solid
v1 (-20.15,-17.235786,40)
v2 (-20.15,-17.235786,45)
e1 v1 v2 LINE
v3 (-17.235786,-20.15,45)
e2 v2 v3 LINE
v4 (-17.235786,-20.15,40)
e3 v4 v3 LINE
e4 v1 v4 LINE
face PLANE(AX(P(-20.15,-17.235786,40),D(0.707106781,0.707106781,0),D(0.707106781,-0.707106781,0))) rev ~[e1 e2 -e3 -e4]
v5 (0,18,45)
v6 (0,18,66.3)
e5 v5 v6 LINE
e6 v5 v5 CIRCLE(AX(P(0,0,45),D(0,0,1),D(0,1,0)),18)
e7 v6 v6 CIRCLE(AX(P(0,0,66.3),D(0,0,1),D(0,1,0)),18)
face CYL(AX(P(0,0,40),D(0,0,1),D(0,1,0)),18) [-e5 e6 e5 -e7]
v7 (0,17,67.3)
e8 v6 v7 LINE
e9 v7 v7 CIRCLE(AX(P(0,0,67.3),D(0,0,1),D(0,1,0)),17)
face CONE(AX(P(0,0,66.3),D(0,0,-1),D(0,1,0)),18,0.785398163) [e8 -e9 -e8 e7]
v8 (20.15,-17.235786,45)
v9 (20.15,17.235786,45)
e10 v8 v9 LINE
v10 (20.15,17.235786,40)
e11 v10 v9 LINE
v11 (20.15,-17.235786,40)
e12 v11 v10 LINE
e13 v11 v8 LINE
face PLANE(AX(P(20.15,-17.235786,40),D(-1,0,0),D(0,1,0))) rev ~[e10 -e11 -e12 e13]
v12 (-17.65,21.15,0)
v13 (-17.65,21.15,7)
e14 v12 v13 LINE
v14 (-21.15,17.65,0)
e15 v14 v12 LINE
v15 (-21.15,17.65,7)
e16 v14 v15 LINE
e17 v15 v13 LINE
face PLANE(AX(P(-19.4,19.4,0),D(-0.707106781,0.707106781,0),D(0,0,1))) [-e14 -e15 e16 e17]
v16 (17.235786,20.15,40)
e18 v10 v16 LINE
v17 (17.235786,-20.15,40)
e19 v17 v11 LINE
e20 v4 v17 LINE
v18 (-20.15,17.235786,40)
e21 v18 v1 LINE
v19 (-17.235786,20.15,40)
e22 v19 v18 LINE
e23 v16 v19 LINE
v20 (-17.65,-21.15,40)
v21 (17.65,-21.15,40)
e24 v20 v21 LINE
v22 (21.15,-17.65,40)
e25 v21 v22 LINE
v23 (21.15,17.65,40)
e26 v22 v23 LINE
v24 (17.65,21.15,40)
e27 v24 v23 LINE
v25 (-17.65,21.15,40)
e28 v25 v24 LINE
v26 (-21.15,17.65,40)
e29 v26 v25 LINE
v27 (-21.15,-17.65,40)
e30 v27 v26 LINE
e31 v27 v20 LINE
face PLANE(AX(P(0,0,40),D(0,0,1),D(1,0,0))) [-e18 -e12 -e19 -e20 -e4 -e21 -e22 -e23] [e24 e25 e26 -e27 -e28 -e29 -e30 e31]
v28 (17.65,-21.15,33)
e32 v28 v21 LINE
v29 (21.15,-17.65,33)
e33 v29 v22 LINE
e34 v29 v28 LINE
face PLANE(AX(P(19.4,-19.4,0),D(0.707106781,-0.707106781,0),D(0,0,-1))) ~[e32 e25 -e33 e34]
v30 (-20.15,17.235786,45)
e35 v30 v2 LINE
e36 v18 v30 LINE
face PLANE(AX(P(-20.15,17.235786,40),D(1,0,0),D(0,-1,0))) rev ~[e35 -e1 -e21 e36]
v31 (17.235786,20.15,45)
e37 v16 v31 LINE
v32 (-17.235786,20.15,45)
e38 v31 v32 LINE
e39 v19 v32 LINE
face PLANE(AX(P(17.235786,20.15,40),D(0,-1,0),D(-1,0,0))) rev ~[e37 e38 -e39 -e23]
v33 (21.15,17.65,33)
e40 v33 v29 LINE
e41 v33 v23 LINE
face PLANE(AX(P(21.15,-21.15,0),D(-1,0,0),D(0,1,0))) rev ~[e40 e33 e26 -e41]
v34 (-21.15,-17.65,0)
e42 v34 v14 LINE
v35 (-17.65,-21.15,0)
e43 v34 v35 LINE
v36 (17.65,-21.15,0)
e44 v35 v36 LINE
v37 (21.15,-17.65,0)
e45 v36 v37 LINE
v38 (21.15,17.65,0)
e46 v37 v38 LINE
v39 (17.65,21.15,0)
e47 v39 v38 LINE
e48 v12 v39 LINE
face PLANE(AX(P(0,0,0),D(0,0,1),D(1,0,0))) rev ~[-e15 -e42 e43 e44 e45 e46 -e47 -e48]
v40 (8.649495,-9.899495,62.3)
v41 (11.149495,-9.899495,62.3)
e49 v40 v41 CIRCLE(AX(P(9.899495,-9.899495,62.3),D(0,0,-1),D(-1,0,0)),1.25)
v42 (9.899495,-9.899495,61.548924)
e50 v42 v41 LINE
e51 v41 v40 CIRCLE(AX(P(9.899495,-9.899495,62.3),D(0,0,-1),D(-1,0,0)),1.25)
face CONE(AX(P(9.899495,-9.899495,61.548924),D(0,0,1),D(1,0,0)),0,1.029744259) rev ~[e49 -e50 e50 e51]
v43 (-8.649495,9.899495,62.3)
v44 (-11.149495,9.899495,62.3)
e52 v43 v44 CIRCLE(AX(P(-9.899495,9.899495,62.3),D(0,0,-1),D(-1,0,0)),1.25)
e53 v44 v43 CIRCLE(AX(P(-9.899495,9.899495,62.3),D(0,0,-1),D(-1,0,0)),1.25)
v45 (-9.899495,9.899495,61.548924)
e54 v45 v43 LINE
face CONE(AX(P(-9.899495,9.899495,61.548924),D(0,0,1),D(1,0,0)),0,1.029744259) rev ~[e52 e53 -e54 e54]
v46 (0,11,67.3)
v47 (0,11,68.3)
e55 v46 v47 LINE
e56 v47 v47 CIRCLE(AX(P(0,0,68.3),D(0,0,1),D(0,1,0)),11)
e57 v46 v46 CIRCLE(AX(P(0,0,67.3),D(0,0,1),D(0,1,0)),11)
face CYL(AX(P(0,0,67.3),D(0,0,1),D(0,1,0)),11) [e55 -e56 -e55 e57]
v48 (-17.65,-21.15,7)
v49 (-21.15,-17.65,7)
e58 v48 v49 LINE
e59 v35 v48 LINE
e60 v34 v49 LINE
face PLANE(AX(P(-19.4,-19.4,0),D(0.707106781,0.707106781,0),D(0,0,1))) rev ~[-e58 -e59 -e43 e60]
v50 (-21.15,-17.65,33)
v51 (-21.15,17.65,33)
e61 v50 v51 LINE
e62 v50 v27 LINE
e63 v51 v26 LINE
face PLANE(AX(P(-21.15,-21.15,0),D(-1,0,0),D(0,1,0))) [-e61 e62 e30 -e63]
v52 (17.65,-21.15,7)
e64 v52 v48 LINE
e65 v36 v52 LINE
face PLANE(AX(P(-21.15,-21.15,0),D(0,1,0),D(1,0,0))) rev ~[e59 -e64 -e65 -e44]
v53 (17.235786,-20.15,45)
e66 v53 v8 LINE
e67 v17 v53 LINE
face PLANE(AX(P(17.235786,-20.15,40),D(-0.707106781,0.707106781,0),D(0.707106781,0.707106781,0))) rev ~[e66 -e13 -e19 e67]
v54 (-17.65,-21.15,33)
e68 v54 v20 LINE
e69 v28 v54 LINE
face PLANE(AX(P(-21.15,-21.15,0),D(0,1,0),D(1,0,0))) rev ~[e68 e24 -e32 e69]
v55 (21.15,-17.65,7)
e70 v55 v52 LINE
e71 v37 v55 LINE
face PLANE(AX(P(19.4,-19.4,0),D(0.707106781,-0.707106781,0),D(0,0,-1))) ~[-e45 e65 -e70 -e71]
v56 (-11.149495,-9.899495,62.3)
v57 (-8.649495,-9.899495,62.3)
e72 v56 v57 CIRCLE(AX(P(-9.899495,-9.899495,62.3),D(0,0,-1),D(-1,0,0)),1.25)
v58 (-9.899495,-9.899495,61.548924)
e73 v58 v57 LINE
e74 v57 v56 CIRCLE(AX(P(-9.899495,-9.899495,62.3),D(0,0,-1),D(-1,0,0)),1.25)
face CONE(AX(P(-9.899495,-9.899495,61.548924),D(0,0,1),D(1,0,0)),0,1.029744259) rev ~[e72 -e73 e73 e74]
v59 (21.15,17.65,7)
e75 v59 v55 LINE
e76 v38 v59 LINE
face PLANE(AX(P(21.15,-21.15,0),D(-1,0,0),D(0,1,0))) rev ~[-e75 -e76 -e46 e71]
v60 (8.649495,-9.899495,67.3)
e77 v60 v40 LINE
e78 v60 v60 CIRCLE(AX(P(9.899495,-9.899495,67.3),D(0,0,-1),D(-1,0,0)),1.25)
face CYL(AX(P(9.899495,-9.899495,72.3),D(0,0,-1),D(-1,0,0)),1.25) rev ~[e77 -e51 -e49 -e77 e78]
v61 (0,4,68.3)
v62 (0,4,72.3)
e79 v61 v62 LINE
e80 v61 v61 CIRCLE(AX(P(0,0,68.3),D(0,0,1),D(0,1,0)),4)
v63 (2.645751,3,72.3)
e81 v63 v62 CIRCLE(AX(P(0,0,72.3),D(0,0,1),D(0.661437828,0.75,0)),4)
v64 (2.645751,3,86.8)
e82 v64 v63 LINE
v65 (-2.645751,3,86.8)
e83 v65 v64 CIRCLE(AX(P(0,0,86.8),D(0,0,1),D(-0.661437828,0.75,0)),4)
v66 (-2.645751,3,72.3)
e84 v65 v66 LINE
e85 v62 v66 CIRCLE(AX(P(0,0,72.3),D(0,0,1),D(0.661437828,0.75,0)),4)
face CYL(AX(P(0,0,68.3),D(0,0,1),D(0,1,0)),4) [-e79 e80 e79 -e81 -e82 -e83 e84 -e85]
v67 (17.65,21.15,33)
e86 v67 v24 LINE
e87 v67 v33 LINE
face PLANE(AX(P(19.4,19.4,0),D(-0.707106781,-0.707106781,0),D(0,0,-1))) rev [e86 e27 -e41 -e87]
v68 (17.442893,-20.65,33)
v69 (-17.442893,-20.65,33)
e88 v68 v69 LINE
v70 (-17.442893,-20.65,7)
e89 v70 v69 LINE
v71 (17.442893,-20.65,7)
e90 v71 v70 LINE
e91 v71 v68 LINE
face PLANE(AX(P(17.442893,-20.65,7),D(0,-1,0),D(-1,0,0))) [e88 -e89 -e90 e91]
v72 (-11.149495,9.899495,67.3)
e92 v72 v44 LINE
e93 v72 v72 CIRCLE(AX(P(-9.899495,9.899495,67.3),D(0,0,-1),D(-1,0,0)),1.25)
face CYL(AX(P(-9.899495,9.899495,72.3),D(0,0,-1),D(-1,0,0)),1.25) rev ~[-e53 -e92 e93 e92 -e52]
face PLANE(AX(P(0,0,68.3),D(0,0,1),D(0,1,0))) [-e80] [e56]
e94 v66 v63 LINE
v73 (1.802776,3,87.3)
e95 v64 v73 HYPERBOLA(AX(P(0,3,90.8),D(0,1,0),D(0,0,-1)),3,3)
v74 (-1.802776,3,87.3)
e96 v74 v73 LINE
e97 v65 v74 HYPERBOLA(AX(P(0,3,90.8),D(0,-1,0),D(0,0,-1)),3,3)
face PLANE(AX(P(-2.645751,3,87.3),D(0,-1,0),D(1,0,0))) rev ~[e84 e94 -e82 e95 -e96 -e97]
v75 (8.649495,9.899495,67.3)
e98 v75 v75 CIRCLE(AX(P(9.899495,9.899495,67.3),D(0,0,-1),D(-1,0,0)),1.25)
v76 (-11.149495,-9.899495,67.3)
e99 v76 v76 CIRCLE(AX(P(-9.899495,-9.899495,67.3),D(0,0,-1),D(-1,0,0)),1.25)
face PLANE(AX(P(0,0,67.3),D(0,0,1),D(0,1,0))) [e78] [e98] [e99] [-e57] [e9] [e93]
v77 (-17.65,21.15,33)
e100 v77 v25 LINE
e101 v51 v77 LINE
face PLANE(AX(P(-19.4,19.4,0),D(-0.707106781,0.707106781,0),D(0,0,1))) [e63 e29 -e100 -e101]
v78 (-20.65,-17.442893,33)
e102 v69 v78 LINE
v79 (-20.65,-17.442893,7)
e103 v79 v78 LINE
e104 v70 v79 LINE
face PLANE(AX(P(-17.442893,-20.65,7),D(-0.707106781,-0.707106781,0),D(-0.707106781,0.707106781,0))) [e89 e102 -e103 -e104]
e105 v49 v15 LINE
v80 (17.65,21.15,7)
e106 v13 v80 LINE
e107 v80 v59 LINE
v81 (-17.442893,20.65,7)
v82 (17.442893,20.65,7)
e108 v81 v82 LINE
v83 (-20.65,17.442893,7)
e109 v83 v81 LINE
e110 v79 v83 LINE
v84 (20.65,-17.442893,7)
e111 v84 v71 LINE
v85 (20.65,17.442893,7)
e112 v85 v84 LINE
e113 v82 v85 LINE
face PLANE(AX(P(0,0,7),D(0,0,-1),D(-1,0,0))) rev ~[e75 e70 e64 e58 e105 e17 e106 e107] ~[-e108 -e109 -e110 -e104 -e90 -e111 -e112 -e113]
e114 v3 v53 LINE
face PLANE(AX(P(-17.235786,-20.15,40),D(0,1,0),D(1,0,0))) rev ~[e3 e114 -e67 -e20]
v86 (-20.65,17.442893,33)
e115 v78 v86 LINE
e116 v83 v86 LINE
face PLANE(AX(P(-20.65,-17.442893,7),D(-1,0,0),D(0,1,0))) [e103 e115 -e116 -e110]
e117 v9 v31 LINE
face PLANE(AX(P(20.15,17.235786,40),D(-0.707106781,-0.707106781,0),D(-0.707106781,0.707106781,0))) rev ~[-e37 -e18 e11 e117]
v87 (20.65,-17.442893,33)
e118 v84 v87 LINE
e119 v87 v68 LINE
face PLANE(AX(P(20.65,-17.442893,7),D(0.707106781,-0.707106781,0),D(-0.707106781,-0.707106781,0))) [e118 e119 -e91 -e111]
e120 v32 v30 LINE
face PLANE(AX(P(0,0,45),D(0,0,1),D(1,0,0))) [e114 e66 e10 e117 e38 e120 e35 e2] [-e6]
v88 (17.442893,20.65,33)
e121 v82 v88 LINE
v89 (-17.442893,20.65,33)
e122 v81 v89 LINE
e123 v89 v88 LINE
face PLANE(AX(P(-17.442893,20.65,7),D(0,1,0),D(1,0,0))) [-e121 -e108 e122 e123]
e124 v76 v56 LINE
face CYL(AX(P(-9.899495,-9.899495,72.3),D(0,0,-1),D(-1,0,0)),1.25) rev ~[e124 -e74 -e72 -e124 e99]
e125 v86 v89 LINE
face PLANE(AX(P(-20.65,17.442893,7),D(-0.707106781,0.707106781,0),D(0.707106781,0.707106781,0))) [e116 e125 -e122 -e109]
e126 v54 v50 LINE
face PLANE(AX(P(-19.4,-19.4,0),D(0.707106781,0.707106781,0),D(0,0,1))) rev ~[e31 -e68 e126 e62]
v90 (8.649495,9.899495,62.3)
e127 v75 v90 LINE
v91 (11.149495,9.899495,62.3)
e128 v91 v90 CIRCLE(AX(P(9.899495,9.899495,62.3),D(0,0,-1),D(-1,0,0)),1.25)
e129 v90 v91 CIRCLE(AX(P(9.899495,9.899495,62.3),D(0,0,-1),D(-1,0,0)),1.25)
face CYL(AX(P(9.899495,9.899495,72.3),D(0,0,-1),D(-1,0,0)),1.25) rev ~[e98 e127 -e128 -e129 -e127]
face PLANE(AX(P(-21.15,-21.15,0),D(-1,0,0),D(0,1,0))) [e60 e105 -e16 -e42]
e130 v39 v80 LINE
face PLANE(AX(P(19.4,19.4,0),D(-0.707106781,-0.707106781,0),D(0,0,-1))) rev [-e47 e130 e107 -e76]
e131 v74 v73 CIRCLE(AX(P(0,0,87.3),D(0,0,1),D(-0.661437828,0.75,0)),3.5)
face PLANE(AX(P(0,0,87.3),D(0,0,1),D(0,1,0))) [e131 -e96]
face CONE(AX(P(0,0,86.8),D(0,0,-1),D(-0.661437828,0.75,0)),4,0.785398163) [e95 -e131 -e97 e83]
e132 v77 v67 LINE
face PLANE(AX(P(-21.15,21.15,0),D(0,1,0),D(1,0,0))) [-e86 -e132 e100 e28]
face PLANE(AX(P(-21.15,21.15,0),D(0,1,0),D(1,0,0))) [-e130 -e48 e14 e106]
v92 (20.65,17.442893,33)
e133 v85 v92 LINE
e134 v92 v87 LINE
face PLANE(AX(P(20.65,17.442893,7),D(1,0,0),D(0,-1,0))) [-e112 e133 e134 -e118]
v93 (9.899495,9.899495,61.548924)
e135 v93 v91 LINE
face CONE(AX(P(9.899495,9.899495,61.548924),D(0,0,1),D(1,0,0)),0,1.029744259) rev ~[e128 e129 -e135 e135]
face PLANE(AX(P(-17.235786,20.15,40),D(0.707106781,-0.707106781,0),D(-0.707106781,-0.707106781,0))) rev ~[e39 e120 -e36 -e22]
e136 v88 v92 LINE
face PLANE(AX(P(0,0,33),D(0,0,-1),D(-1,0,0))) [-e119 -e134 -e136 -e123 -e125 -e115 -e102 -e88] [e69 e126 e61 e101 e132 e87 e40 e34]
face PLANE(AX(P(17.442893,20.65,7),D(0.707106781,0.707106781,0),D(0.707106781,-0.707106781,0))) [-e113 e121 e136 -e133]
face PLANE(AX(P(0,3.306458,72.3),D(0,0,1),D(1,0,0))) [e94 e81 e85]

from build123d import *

# Parameters (mm, degrees)
SKIZZE1_W                       = 42.3
SKIZZE1_H                       = 42.3
AUFSATZ_LINEAR_AUSTRAGEN1_DEPTH = 40
FASE1_SIZE                      = 3.5
SCHNITT_LINEAR_AUSTRAGEN1_DEPTH = 15
FASE2_SIZE                      = 0.5
AUFSATZ_LINEAR_AUSTRAGEN2_DEPTH = 5
M3_GEWINDEBOHRUNG1_D            = 2.5
M3_GEWINDEBOHRUNG1_DEPTH        = 5
M3_GEWINDEBOHRUNG1_TIP          = 0.751075774
FASE3_SIZE                      = 1
SCHNITT_LINEAR_START            = -7
SCHNITT_LINEAR_AUSTRAGEN2_DEPTH = 26


with BuildPart() as part:
    # Skizze1 → Aufsatz-Linear austragen1 (new body)
    with BuildSketch(Plane.XY):
        Rectangle(SKIZZE1_W, SKIZZE1_H)
    extrude(amount=AUFSATZ_LINEAR_AUSTRAGEN1_DEPTH)

    # Skizze3 → Rotation1 (revolve)
    with BuildSketch(Plane(origin=(0, 0, 0), x_dir=(0, 0, -1), z_dir=(1, 0, 0))):
        Polygon((-40, 18), (-67.3, 18), (-67.3, 11), (-68.3, 11), (-68.3, 4), (-87.3, 4), (-87.3, 0), (-40, 0), align=None)
    revolve(axis=Axis((0, 0, 0), (0, 0, 1)))

    # Fase1
    fase1_edges = [part.edges().sort_by_distance(p)[0] for p in [
        (-21.15, 21.15, 20),
        (21.15, 21.15, 20),
        (21.15, -21.15, 20),
        (-21.15, -21.15, 20),
    ]]
    chamfer(fase1_edges, length=FASE1_SIZE)

    # Skizze4 → Schnitt-Linear austragen1 (cut)
    with BuildSketch(Plane.XY.offset(87.3)):
        with BuildLine():
            Line((-2.645751311, 3), (2.645751311, 3))
            ThreePointArc((2.645751311, 3), (0, 4), (-2.645751311, 3))
        make_face()
    extrude(amount=-SCHNITT_LINEAR_AUSTRAGEN1_DEPTH, mode=Mode.SUBTRACT)

    # Fase2
    fase2_edges = [part.edges().sort_by_distance(p)[0] for p in [
        (0, -4, 87.3),
    ]]
    chamfer(fase2_edges, length=FASE2_SIZE)

    # Skizze5 → Aufsatz-Linear austragen2 (add)
    with BuildSketch(Plane.XY.offset(40)):
        Polygon((20.15, 17.235786438), (17.235786438, 20.15), (-17.235786438, 20.15), (-20.15, 17.235786438), (-20.15, -17.235786438), (-17.235786438, -20.15), (17.235786438, -20.15), (20.15, -17.235786438), align=None)
    extrude(amount=AUFSATZ_LINEAR_AUSTRAGEN2_DEPTH)

    # M3 Gewindebohrung1
    with Locations(Plane.XY.offset(67.3)):
        with Locations((9.899494937, 9.899494937), (-9.899494937, 9.899494937), (-9.899494937, -9.899494937), (9.899494937, -9.899494937)):
            Hole(M3_GEWINDEBOHRUNG1_D / 2, depth=M3_GEWINDEBOHRUNG1_DEPTH)
            with Locations((0, 0, -(M3_GEWINDEBOHRUNG1_DEPTH + M3_GEWINDEBOHRUNG1_TIP / 2))):  # 118° drill point
                Cone(0, M3_GEWINDEBOHRUNG1_D / 2, M3_GEWINDEBOHRUNG1_TIP, mode=Mode.SUBTRACT)

    # Fase3
    fase3_edges = [part.edges().sort_by_distance(p)[0] for p in [
        (0, -18, 67.3),
    ]]
    chamfer(fase3_edges, length=FASE3_SIZE)

    # Skizze8 → Schnitt-Linear austragen2 (cut)
    with BuildSketch(Plane(origin=(0, 0, 0), x_dir=(-1, 0, 0), z_dir=(0, 0, -1)).offset(SCHNITT_LINEAR_START)):
        Polygon((17.65, 21.15), (-17.65, 21.15), (-21.15, 17.65), (-21.15, -17.65), (-17.65, -21.15), (17.65, -21.15), (21.15, -17.65), (21.15, 17.65), align=None)
        Polygon((17.442893219, 20.65), (-17.442893219, 20.65), (-20.65, 17.442893219), (-20.65, -17.442893219), (-17.442893219, -20.65), (17.442893219, -20.65), (20.65, -17.442893219), (20.65, 17.442893219), align=None, mode=Mode.SUBTRACT)
    extrude(amount=-SCHNITT_LINEAR_AUSTRAGEN2_DEPTH, mode=Mode.SUBTRACT)


solid = part.part
